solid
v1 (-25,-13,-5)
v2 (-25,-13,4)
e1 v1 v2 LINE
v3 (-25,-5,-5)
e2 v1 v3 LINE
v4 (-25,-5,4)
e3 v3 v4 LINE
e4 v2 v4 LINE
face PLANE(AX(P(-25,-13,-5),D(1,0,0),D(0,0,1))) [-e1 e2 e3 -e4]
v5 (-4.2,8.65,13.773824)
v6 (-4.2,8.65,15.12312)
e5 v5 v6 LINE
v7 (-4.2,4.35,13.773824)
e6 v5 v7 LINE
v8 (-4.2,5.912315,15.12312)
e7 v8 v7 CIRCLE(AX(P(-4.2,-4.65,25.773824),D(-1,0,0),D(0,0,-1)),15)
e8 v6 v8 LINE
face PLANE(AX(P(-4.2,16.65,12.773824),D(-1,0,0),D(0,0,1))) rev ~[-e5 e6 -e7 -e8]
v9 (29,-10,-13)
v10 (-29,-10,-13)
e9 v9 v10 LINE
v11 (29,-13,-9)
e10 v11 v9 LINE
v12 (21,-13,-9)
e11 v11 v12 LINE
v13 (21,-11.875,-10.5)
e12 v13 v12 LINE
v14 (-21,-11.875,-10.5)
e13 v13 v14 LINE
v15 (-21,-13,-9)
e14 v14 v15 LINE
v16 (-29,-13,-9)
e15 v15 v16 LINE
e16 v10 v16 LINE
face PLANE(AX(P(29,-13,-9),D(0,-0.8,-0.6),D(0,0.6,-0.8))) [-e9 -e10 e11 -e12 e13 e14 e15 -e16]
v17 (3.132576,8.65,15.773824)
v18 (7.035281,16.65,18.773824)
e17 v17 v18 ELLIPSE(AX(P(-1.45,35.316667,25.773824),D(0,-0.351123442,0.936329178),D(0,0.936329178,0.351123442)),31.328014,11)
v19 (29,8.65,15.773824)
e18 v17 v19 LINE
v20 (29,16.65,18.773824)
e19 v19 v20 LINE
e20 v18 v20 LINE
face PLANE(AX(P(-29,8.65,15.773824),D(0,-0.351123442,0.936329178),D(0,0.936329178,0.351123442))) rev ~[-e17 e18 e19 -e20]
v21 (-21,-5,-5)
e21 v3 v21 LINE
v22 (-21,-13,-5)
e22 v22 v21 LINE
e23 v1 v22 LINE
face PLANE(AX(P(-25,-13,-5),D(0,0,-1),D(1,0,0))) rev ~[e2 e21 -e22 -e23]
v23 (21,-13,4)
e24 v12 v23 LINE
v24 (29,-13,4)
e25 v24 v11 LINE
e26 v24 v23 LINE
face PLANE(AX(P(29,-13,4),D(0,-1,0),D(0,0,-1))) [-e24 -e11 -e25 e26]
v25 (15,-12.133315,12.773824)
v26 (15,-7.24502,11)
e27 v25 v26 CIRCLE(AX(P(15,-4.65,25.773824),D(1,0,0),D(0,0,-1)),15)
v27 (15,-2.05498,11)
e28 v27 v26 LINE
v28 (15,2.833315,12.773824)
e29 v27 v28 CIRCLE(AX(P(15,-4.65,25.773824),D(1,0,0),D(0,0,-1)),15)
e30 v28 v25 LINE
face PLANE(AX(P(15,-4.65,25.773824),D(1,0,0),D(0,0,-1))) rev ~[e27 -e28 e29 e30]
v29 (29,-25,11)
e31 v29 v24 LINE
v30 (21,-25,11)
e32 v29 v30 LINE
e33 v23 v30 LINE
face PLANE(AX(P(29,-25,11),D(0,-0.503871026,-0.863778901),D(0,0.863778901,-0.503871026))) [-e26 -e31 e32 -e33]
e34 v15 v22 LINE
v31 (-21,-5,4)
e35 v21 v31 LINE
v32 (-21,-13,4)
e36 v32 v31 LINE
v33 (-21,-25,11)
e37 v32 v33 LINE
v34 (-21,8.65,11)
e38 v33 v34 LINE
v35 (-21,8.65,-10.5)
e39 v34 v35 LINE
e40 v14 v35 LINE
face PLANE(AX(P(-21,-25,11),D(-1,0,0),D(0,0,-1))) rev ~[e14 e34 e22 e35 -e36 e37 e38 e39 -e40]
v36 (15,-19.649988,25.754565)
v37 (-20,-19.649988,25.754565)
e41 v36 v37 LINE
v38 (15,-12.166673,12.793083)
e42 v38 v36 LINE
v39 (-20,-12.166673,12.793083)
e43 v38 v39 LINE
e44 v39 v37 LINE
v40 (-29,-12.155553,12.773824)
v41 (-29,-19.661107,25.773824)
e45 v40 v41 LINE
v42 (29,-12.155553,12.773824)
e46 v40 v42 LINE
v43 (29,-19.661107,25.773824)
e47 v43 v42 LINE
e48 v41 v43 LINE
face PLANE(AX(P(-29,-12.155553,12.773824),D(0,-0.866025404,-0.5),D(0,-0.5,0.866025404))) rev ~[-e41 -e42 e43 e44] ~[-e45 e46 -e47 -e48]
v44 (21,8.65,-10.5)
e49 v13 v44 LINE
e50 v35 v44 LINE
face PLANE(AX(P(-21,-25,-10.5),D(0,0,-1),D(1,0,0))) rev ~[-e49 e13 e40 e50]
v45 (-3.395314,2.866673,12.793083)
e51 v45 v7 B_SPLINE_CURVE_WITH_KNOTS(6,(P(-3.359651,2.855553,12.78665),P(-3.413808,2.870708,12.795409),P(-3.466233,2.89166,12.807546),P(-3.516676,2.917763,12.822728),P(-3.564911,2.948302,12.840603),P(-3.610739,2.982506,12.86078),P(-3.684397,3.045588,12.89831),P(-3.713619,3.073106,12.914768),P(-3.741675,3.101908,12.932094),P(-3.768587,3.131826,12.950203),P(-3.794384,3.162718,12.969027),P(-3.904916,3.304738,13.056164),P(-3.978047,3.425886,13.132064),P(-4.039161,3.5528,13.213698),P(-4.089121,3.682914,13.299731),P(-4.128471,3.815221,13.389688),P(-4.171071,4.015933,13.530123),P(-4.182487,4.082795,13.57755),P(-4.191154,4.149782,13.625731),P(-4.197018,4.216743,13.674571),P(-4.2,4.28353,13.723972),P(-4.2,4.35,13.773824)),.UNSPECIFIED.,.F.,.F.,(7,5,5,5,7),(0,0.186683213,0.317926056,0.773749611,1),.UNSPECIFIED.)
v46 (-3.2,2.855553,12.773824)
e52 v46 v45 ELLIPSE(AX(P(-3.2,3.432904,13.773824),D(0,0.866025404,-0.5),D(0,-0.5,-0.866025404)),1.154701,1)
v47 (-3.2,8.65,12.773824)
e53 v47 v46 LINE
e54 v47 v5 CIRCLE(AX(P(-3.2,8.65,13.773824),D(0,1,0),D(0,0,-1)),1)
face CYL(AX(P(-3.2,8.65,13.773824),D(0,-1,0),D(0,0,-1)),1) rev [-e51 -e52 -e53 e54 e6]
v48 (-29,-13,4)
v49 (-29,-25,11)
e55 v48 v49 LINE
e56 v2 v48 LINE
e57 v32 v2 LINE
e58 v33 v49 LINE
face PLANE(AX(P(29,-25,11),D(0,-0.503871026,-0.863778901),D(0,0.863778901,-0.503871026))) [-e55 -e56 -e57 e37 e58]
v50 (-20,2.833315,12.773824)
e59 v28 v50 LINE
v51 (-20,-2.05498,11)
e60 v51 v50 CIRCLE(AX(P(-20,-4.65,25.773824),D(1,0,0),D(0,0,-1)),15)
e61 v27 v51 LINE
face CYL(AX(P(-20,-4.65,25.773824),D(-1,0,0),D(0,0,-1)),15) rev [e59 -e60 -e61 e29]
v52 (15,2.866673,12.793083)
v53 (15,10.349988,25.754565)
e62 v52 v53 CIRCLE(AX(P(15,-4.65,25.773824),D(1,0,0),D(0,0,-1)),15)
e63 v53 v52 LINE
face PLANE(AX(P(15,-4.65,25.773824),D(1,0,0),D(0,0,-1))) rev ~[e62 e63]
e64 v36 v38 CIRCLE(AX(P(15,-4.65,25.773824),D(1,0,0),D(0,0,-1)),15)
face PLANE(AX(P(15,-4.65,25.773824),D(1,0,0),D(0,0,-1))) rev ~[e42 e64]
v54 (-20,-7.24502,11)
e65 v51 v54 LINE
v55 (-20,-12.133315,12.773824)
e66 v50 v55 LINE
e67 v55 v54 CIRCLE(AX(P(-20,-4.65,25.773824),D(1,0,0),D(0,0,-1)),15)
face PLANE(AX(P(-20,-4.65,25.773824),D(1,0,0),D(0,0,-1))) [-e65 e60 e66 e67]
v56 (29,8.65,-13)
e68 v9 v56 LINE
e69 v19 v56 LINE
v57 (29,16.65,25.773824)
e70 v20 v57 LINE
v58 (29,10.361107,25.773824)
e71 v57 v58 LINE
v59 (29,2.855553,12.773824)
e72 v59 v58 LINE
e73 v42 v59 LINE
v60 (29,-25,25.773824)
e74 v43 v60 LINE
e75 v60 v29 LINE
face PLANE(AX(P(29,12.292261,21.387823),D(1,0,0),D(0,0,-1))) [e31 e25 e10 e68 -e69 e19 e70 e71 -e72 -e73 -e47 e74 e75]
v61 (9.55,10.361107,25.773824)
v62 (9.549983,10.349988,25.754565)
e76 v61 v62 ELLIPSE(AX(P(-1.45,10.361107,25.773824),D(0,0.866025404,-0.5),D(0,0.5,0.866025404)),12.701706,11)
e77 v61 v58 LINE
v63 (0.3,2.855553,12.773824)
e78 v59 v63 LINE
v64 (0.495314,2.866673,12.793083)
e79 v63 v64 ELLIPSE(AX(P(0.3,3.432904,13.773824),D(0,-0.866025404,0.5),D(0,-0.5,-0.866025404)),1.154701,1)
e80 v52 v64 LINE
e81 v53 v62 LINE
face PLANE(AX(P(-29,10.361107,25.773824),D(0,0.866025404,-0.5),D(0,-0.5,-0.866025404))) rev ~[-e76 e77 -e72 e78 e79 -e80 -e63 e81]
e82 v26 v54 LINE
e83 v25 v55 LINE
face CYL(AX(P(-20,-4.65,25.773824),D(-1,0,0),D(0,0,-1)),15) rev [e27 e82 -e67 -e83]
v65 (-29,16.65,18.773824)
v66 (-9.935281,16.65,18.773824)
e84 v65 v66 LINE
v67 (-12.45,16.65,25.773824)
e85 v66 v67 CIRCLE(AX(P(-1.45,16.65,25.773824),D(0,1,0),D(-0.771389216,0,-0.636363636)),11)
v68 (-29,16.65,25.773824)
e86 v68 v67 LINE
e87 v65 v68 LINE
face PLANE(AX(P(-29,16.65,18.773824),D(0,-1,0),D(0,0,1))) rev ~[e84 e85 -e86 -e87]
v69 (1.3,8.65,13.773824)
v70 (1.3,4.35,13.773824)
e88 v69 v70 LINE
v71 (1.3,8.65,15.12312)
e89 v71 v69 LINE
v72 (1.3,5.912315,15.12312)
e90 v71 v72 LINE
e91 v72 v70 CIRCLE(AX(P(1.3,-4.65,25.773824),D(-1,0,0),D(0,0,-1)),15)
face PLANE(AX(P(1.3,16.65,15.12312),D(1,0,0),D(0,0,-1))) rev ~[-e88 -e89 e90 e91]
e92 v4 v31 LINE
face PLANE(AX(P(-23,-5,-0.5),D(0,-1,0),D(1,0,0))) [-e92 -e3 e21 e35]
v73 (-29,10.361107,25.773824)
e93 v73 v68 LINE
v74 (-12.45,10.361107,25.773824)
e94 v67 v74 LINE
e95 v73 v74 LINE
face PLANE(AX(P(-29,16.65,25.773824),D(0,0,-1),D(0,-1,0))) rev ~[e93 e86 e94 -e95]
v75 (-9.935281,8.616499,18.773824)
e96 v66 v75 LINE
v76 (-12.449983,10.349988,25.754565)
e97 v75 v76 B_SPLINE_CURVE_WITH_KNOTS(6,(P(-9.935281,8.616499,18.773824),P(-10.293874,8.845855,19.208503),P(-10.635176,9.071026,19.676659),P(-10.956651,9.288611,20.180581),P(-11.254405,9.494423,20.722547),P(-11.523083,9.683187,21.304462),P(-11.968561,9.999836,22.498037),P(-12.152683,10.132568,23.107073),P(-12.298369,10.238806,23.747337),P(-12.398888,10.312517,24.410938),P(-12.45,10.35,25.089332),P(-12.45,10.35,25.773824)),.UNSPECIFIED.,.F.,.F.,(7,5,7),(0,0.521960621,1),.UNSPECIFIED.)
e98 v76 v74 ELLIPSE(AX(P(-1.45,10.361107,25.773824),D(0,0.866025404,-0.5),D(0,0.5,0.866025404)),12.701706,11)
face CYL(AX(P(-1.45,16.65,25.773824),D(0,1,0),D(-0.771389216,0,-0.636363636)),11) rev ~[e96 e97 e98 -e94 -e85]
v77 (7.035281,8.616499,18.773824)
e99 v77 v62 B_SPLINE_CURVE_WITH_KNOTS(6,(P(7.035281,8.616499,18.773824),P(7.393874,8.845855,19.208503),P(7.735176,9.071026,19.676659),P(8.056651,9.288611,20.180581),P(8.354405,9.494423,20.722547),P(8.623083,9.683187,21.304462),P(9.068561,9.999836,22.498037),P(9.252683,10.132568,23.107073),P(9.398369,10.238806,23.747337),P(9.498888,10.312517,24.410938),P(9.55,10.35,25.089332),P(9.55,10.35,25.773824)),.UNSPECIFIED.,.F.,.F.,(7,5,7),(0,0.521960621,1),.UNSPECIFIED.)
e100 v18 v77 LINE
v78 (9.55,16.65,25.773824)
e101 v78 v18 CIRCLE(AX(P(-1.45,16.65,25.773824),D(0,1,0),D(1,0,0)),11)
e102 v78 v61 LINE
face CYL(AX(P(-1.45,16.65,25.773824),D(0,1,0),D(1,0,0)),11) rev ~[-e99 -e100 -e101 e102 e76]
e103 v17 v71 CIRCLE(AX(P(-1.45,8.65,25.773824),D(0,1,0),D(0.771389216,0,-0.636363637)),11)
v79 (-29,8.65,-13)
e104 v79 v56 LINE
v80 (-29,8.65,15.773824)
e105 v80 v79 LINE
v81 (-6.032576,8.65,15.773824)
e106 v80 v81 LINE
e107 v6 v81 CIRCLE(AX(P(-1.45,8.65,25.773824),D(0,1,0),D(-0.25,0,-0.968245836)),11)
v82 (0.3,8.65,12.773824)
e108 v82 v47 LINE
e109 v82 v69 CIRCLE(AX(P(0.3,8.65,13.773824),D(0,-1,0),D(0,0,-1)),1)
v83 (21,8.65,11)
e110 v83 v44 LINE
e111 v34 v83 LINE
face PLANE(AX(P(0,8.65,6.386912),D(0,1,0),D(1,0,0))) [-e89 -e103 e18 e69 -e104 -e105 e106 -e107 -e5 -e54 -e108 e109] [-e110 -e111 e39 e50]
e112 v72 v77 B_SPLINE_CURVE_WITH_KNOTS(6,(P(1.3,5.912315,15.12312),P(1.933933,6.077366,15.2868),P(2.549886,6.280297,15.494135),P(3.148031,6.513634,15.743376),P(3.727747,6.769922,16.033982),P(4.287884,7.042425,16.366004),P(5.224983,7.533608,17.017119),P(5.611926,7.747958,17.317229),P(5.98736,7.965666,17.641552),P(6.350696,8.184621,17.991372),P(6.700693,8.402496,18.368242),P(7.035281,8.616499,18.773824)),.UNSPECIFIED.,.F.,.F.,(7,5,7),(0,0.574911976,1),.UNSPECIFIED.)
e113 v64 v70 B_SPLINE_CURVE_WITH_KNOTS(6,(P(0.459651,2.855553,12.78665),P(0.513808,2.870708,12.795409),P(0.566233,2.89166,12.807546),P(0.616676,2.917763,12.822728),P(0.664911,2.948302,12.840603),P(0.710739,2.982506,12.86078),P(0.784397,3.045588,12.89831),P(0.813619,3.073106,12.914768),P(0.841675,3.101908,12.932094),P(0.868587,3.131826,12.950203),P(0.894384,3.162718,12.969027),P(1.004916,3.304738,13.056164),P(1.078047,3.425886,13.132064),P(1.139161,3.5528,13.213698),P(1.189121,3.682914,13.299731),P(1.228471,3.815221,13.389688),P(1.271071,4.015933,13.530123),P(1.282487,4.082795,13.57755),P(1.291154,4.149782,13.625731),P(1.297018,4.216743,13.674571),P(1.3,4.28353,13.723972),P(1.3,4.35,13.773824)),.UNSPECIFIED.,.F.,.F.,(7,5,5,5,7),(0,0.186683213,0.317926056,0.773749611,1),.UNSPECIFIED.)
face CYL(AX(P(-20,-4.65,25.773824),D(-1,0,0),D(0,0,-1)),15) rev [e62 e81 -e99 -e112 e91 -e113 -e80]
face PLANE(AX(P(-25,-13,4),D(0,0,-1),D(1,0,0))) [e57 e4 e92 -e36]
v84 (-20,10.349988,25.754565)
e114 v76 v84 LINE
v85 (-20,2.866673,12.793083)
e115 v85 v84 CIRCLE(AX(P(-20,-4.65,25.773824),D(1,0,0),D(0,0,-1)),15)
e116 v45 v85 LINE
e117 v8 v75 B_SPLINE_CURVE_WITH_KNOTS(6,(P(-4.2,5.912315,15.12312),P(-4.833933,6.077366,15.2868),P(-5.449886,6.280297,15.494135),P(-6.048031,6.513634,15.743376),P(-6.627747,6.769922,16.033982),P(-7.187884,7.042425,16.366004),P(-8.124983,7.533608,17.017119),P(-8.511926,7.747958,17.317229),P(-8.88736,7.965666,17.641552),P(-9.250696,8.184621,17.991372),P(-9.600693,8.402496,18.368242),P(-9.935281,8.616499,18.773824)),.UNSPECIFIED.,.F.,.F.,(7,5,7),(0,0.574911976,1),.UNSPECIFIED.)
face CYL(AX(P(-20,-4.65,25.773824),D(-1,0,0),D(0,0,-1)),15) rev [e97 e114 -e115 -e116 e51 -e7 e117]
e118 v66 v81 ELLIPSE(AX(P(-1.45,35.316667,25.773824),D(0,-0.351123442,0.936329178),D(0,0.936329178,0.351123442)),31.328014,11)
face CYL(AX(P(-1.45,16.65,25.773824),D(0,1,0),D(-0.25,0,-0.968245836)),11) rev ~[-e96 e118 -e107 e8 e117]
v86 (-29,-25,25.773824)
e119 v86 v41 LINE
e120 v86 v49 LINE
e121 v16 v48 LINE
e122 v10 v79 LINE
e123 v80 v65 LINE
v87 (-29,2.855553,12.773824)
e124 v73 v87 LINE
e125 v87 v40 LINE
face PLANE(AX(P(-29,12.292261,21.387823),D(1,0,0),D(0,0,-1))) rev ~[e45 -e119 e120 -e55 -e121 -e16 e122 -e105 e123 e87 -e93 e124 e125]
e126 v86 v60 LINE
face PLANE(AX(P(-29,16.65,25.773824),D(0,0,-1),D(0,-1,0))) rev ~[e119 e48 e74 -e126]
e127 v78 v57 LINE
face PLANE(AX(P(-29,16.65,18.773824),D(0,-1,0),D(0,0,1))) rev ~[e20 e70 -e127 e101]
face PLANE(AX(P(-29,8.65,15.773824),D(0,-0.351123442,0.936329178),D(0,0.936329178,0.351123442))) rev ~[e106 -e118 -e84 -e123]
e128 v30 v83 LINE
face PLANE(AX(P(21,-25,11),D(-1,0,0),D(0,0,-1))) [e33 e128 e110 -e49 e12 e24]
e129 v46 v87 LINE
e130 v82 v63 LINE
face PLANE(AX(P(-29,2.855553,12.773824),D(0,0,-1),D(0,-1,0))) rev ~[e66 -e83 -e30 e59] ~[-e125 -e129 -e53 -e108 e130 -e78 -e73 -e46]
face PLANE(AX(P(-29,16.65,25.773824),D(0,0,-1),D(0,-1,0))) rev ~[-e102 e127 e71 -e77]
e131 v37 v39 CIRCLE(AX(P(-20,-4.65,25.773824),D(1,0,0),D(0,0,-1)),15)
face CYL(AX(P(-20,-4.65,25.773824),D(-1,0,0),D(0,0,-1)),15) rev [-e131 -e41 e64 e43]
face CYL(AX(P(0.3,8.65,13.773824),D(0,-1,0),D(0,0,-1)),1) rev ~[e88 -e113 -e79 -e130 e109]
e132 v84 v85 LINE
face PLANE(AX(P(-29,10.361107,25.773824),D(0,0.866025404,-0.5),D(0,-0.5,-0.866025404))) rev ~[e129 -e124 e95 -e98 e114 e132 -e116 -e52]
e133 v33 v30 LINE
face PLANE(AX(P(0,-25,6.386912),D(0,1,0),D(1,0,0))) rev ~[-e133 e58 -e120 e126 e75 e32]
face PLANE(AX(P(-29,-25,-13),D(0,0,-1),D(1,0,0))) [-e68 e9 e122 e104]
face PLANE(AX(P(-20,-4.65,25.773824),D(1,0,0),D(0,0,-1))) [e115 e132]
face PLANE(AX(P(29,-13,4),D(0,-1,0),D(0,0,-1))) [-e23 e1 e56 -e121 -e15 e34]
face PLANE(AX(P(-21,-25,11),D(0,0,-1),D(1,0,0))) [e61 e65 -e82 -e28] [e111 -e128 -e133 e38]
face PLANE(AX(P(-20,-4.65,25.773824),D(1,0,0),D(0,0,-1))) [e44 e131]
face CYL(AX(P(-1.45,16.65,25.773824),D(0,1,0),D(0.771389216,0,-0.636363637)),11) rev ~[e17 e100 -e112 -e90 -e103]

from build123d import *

# Parameters (mm, degrees)
SKETCH1_W               = 58
SKETCH1_H               = 38.77382393
SKETCH1_W_2             = 42
SKETCH1_H_2             = 21.5
BOSS_EXTRUDE2_DEPTH     = 33.65
CUT_EXTRUDE3_DEPTH      = 69.21502767
SKETCH7_W               = 4
SKETCH7_H               = 9
CUT_EXTRUDE4_DEPTH      = 8
BOSS_EXTRUDE3_DEPTH     = 58
CUT_EXTRUDE5_DEPTH      = 69.21502767
SKETCH10_W              = 5.5
SKETCH10_H              = 7
CUT_EXTRUDE6_DEPTH      = 15
FILLET1_R               = 1
CUT_EXTRUDE7_DEPTH      = 15
CUT_EXTRUDE7_DEPTH_BACK = 20
SKETCH11_R              = 15


with BuildPart() as part:
    # Sketch1 → Boss-Extrude2 (new body)
    with BuildSketch(Plane(origin=(0, -25, 0), x_dir=(1, 0, 0), z_dir=(0, 1, 0))):
        with Locations((0, -6.386911965)):
            Rectangle(SKETCH1_W, SKETCH1_H)
        with Locations((0, -0.25)):
            Rectangle(SKETCH1_W_2, SKETCH1_H_2, mode=Mode.SUBTRACT)
    extrude(amount=BOSS_EXTRUDE2_DEPTH)

    # Sketch6 → Cut-Extrude3 (cut, through all)
    with BuildSketch(Plane(origin=(29, 0, 0), x_dir=(0, 0, -1), z_dir=(1, 0, 0))):
        Polygon((-11, -25), (-4, -13), (9, -13), (13, -10), (13, -25), align=None)
    extrude(amount=-CUT_EXTRUDE3_DEPTH, mode=Mode.SUBTRACT)

    # Sketch7 → Cut-Extrude4 (cut)
    with BuildSketch(Plane.XZ.offset(13)):
        with Locations((-23, -0.5)):
            Rectangle(SKETCH7_W, SKETCH7_H)
    extrude(amount=-CUT_EXTRUDE4_DEPTH, mode=Mode.SUBTRACT)

    # Sketch9 → Boss-Extrude3 (add)
    with BuildSketch(Plane.ZY.offset(29)):
        Polygon((15.77382393, 8.65), (18.77382393, 16.65), (25.77382393, 16.65), (25.77382393, 8.65), align=None)
    extrude(amount=-BOSS_EXTRUDE3_DEPTH)

    # Sketch8 → Cut-Extrude5 (cut, through all)
    with BuildSketch(Plane.ZY.offset(29)):
        Polygon((25.77382393, 10.361106999), (12.77382393, 2.855553499), (12.77382393, -12.155553499), (25.77382393, -19.661106999), (38.77382393, -12.155553499), (38.77382393, 2.855553499), align=None)
    extrude(amount=-CUT_EXTRUDE5_DEPTH, mode=Mode.SUBTRACT)

    # Sketch10 → Cut-Extrude6 (cut)
    with BuildSketch(Plane(origin=(0, 16.65, 0), x_dir=(1, 0, 0), z_dir=(0, 1, 0))):
        with BuildLine():
            Line((-4.2, -12.77382393), (-4.2, -15.123119728))
            ThreePointArc((-4.2, -15.123119728), (-1.45, -14.77382393), (1.3, -15.123119728))
            Line((1.3, -15.123119728), (1.3, -12.77382393))
            Line((1.3, -12.77382393), (-4.2, -12.77382393))
        make_face()
        with BuildLine():
            Line((1.3, -18.77382393), (1.3, -25.77382393))
            Line((1.3, -25.77382393), (9.55, -25.77382393))
            ThreePointArc((9.55, -25.77382393), (8.90224843, -22.054825081), (7.035281374, -18.77382393))
            Line((7.035281374, -18.77382393), (1.3, -18.77382393))
        make_face()
        with BuildLine():
            Line((1.3, -15.123119728), (1.3, -18.77382393))
            Line((1.3, -18.77382393), (7.035281374, -18.77382393))
            ThreePointArc((7.035281374, -18.77382393), (4.456758602, -16.4942656), (1.3, -15.123119728))
        make_face()
        with BuildLine():
            Line((-4.2, -15.123119728), (-4.2, -18.77382393))
            Line((-4.2, -18.77382393), (1.3, -18.77382393))
            Line((1.3, -18.77382393), (1.3, -15.123119728))
            ThreePointArc((1.3, -15.123119728), (-1.45, -14.77382393), (-4.2, -15.123119728))
        make_face()
        with BuildLine():
            Line((-12.45, -25.77382393), (-4.2, -25.77382393))
            Line((-4.2, -25.77382393), (-4.2, -18.77382393))
            Line((-4.2, -18.77382393), (-9.935281374, -18.77382393))
            ThreePointArc((-9.935281374, -18.77382393), (-11.80224843, -22.054825081), (-12.45, -25.77382393))
        make_face()
        with Locations((-1.45, -22.27382393)):
            Rectangle(SKETCH10_W, SKETCH10_H)
        with BuildLine():
            Line((-9.935281374, -18.77382393), (-4.2, -18.77382393))
            Line((-4.2, -18.77382393), (-4.2, -15.123119728))
            ThreePointArc((-4.2, -15.123119728), (-7.356758602, -16.4942656), (-9.935281374, -18.77382393))
        make_face()
    extrude(amount=-CUT_EXTRUDE6_DEPTH, mode=Mode.SUBTRACT)

    # Fillet1
    fillet1_edges = [part.edges().sort_by_distance(p)[0] for p in [
        (-4.2, 5.75277675, 12.77382393),
        (1.3, 5.75277675, 12.77382393),
    ]]
    fillet(fillet1_edges, radius=FILLET1_R)

    # Sketch11 → Cut-Extrude7 (cut, two sides: drawn at the far end of the back side and taken through both)
    with BuildSketch(Plane(origin=(0, 0, 0), x_dir=(0, 0, -1), z_dir=(1, 0, 0)).offset(-CUT_EXTRUDE7_DEPTH_BACK)):
        with Locations((-25.77382393, -4.65)):
            Circle(SKETCH11_R)
    extrude(amount=CUT_EXTRUDE7_DEPTH + CUT_EXTRUDE7_DEPTH_BACK, mode=Mode.SUBTRACT)


solid = part.part
